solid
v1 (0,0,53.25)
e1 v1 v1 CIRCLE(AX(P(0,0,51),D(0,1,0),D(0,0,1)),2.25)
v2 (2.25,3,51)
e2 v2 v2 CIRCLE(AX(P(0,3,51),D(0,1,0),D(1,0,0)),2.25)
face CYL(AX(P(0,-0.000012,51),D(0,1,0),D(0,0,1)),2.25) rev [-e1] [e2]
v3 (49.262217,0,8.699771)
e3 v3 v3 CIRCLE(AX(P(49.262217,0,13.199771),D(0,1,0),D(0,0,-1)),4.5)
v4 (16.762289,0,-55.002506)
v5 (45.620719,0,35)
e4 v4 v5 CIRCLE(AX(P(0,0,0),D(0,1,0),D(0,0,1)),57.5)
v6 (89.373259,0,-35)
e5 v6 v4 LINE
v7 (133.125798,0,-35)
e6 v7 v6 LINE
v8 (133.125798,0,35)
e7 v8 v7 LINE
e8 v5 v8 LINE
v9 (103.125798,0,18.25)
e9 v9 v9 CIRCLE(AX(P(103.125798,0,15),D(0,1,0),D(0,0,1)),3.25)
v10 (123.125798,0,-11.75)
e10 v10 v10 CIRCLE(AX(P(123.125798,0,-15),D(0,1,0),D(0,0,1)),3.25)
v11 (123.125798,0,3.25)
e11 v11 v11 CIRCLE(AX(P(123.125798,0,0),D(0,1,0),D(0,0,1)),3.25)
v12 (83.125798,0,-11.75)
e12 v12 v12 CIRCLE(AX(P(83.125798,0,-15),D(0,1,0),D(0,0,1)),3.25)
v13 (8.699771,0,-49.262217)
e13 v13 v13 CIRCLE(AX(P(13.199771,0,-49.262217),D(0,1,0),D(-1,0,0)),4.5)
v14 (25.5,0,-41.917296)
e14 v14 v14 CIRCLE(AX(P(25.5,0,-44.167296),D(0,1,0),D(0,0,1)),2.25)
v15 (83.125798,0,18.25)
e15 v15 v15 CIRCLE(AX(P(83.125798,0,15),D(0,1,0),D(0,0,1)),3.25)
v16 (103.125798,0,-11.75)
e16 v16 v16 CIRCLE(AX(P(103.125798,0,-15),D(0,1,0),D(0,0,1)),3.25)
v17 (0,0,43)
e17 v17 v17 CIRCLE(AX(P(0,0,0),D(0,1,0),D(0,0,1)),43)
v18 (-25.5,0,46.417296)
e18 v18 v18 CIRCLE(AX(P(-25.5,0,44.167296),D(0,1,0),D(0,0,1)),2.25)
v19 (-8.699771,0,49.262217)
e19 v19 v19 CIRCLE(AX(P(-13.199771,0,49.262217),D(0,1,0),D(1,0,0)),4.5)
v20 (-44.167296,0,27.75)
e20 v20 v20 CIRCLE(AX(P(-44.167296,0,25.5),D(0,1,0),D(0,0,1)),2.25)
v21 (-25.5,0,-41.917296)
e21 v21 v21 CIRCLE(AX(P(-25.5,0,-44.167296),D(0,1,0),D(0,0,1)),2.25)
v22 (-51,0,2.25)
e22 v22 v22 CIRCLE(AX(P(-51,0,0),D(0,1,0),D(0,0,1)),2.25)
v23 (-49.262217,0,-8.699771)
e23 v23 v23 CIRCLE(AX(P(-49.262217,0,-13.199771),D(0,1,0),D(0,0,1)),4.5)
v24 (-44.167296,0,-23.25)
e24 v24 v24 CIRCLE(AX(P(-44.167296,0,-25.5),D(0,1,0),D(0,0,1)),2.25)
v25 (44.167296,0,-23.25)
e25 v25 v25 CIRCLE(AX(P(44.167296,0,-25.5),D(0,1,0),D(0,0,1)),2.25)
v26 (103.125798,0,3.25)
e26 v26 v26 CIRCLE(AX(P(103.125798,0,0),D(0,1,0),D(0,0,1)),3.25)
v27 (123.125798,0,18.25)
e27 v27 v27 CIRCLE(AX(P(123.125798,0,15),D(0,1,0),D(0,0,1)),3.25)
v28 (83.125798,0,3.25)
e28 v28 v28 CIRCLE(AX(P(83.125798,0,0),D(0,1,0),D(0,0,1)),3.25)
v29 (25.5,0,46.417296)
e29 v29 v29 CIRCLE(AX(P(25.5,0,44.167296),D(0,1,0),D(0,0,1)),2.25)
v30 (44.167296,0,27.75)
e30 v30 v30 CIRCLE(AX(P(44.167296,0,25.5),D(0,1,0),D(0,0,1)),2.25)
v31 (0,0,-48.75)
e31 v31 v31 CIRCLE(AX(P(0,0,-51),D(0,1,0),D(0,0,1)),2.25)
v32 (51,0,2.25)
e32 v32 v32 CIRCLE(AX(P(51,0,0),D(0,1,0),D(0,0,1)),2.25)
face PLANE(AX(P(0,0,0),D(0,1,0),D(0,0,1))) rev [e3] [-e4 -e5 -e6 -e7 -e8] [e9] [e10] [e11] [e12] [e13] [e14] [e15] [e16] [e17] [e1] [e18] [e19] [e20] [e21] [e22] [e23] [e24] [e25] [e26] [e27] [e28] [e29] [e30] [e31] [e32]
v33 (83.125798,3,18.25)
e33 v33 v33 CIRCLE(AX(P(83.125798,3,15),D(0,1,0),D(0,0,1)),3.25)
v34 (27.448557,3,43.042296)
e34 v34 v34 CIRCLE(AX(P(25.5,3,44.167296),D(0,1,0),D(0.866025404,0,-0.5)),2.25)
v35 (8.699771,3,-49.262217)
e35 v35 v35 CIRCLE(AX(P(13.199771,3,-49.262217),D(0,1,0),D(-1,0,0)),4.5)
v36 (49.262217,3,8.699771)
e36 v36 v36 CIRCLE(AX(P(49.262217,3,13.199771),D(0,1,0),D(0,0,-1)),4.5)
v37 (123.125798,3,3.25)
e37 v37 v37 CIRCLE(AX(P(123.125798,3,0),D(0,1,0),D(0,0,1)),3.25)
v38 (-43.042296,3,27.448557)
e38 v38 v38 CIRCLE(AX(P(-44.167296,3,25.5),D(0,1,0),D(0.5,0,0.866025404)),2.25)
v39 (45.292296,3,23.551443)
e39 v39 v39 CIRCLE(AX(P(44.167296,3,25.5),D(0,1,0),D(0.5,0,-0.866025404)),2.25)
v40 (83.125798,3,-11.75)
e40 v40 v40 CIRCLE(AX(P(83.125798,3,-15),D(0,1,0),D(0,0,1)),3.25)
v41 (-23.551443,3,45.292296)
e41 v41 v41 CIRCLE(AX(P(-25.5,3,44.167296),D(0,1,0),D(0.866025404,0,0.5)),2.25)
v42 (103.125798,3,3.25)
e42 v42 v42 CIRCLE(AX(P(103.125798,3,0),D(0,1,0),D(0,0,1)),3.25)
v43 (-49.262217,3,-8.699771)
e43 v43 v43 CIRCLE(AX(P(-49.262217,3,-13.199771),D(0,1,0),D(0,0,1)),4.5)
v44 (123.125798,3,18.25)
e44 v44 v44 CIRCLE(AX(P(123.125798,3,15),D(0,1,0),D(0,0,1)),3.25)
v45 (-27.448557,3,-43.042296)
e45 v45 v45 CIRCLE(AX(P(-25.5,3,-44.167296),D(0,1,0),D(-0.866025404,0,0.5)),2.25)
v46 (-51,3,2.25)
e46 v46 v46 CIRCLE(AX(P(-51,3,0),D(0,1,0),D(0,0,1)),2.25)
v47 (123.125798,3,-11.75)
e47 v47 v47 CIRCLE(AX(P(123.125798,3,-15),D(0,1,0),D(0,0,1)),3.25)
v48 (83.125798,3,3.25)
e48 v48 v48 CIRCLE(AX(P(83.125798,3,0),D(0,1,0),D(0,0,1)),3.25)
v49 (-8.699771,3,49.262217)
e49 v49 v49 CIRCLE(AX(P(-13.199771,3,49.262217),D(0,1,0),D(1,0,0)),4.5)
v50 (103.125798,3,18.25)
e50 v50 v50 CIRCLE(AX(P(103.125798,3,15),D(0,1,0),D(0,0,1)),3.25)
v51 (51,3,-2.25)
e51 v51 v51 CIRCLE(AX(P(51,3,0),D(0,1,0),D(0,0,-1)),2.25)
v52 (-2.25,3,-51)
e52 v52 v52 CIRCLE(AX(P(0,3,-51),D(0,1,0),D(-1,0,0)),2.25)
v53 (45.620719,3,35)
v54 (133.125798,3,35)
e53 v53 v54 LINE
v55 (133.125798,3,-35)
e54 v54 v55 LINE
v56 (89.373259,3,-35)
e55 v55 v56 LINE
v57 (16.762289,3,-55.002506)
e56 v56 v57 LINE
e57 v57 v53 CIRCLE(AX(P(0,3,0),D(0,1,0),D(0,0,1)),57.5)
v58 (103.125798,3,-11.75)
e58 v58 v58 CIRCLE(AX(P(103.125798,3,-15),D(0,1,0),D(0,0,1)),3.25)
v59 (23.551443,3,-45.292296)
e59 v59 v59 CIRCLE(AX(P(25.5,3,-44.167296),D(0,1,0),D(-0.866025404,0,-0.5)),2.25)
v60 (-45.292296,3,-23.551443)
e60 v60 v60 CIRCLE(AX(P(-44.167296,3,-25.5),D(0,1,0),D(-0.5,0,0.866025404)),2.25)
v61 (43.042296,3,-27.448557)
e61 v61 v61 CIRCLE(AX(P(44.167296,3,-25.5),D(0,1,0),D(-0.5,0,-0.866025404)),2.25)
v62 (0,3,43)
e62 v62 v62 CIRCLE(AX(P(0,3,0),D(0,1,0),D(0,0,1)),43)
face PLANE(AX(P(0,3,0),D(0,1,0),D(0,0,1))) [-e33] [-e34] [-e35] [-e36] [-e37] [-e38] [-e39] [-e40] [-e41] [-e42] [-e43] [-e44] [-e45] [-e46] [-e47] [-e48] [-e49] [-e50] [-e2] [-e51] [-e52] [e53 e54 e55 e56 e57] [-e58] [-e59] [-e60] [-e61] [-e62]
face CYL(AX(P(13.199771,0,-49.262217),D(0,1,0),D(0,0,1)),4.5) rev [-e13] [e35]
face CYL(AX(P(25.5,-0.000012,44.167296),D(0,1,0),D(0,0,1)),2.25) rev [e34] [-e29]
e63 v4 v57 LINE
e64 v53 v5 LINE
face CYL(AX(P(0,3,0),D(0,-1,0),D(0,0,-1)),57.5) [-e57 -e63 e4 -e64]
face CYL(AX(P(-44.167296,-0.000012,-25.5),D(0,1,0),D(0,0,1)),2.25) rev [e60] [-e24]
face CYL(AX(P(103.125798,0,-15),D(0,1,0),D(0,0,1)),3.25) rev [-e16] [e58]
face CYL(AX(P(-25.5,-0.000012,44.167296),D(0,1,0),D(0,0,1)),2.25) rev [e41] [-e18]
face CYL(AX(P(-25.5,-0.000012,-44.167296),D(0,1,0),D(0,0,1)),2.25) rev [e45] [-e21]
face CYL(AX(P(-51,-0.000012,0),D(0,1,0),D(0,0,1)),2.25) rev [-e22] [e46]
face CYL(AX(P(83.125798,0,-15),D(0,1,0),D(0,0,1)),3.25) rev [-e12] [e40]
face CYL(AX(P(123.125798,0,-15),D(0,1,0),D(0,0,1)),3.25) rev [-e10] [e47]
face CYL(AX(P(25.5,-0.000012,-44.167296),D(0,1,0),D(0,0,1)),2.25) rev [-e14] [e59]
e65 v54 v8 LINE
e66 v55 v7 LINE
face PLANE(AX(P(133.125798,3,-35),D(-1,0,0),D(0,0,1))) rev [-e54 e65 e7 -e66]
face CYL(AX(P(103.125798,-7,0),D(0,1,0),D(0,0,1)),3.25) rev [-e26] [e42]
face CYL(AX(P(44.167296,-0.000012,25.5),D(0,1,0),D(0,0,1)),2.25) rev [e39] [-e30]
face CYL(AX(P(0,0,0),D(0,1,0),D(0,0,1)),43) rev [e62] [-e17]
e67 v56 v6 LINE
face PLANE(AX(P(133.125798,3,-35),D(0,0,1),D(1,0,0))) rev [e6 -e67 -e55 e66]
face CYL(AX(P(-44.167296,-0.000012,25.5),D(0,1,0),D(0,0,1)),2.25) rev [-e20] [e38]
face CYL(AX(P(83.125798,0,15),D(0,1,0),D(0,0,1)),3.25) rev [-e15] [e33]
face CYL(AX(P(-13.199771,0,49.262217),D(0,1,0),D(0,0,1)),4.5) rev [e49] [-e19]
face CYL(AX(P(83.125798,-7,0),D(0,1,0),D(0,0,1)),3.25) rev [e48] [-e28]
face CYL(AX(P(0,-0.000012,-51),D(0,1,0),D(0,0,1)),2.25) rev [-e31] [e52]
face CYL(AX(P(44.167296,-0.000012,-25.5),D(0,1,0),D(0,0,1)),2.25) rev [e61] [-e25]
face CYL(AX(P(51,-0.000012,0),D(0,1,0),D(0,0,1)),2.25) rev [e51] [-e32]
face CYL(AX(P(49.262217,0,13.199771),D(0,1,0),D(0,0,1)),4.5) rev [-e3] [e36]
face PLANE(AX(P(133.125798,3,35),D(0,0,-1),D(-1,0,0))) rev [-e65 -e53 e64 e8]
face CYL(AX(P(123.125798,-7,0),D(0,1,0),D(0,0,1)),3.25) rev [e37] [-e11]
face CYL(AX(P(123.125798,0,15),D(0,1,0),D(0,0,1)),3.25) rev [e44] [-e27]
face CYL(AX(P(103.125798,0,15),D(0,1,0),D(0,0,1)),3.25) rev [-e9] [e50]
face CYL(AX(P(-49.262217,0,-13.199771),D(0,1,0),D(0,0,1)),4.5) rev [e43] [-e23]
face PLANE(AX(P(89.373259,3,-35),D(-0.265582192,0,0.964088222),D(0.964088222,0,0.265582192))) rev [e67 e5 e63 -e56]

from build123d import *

# Parameters (mm, degrees)
SKETCH1_R           = 57.5
BOSS_EXTRUDE1_DEPTH = 3
SKETCH2_W           = 140
SKETCH2_H           = 70
BOSS_EXTRUDE2_DEPTH = 3
BOSS_EXTRUDE3_DEPTH = 3
SKETCH4_R           = 43
CUT_EXTRUDE1_DEPTH  = 4
SKETCH7_R           = 3.25
CUT_EXTRUDE8_DEPTH  = 4
LPATTERN1_COUNT     = 3
LPATTERN1_PITCH     = 20
CUT_EXTRUDE5_START  = -1
SKETCH5_R           = 2.25
CUT_EXTRUDE5_DEPTH  = 5
CIRPATTERN1_COUNT   = 12
SKETCH12_R          = 4.5
CUT_EXTRUDE17_DEPTH = 4
CIRPATTERN2_COUNT   = 4
SKETCH13_R          = 3.25
CUT_EXTRUDE18_DEPTH = 10
LPATTERN2_COUNT     = 3
LPATTERN2_PITCH     = 20


with BuildPart() as part:
    # Sketch1 → Boss-Extrude1 (new body)
    with BuildSketch(Plane(origin=(0, 0, 0), x_dir=(1, 0, 0), z_dir=(0, 1, 0))):
        Circle(SKETCH1_R)
    extrude(amount=BOSS_EXTRUDE1_DEPTH)

    # Sketch2 → Boss-Extrude2 (add)
    with BuildSketch(Plane(origin=(0, 0, 0), x_dir=(1, 0, 0), z_dir=(0, 1, 0))):
        with Locations((63.125798099, 0)):
            Rectangle(SKETCH2_W, SKETCH2_H)
    extrude(amount=BOSS_EXTRUDE2_DEPTH)

    # Sketch3 → Boss-Extrude3 (add)
    with BuildSketch(Plane(origin=(0, 0, 0), x_dir=(1, 0, 0), z_dir=(0, 1, 0))):
        Polygon((89.373258538, 35), (13.76852627, 55.827212758), (13.76852627, 13.558751548), align=None)
    extrude(amount=BOSS_EXTRUDE3_DEPTH)

    # Sketch4 → Cut-Extrude1 (cut, through all)
    with BuildSketch(Plane(origin=(0, 3, 0), x_dir=(1, 0, 0), z_dir=(0, 1, 0))):
        Circle(SKETCH4_R)
    extrude(amount=-CUT_EXTRUDE1_DEPTH, mode=Mode.SUBTRACT)

    # Sketch7 → Cut-Extrude8 (cut, through all)
    with BuildSketch(Plane(origin=(0, 3, 0), x_dir=(1, 0, 0), z_dir=(0, 1, 0))):
        with Locations((123.125798099, 15)):
            Circle(SKETCH7_R)
        with Locations((123.125798099, -15)):
            Circle(SKETCH7_R)
    cut_extrude8 = extrude(amount=-CUT_EXTRUDE8_DEPTH, mode=Mode.SUBTRACT)

    # LPattern1: Cut-Extrude8 ×3
    with Locations(*[(-i * LPATTERN1_PITCH, 0, 0) for i in range(1, LPATTERN1_COUNT)]):
        add(cut_extrude8, mode=Mode.SUBTRACT)

    # Sketch5 → Cut-Extrude5 (cut)
    with BuildSketch(Plane(origin=(0, 0, 0), x_dir=(1, 0, 0), z_dir=(0, 1, 0)).offset(CUT_EXTRUDE5_START)):
        with Locations((-51, 0)):
            Circle(SKETCH5_R)
    cut_extrude5 = extrude(amount=CUT_EXTRUDE5_DEPTH, mode=Mode.SUBTRACT)

    # CirPattern1: Cut-Extrude5 ×12 about axis
    cirpattern1_axis = Axis((0, 0, 0), (0, 1, 0))
    for i in range(1, CIRPATTERN1_COUNT):
        add(cut_extrude5.rotate(cirpattern1_axis, i * 360 / CIRPATTERN1_COUNT), mode=Mode.SUBTRACT)

    # Sketch12 → Cut-Extrude17 (cut, through all)
    with BuildSketch(Plane(origin=(0, 3, 0), x_dir=(1, 0, 0), z_dir=(0, 1, 0))):
        with Locations((-49.262217141, 13.1997713)):
            Circle(SKETCH12_R)
    cut_extrude17 = extrude(amount=-CUT_EXTRUDE17_DEPTH, mode=Mode.SUBTRACT)

    # CirPattern2: Cut-Extrude17 ×4 about axis
    cirpattern2_axis = Axis((0, 0, 0), (0, 1, 0))
    for i in range(1, CIRPATTERN2_COUNT):
        add(cut_extrude17.rotate(cirpattern2_axis, i * 360 / CIRPATTERN2_COUNT), mode=Mode.SUBTRACT)

    # Sketch13 → Cut-Extrude18 (cut)
    with BuildSketch(Plane(origin=(0, 3, 0), x_dir=(1, 0, 0), z_dir=(0, 1, 0))):
        with Locations((123.125798099, 0)):
            Circle(SKETCH13_R)
    cut_extrude18 = extrude(amount=-CUT_EXTRUDE18_DEPTH, mode=Mode.SUBTRACT)

    # LPattern2: Cut-Extrude18 ×3
    with Locations(*[(-i * LPATTERN2_PITCH, 0, 0) for i in range(1, LPATTERN2_COUNT)]):
        add(cut_extrude18, mode=Mode.SUBTRACT)


solid = part.part
